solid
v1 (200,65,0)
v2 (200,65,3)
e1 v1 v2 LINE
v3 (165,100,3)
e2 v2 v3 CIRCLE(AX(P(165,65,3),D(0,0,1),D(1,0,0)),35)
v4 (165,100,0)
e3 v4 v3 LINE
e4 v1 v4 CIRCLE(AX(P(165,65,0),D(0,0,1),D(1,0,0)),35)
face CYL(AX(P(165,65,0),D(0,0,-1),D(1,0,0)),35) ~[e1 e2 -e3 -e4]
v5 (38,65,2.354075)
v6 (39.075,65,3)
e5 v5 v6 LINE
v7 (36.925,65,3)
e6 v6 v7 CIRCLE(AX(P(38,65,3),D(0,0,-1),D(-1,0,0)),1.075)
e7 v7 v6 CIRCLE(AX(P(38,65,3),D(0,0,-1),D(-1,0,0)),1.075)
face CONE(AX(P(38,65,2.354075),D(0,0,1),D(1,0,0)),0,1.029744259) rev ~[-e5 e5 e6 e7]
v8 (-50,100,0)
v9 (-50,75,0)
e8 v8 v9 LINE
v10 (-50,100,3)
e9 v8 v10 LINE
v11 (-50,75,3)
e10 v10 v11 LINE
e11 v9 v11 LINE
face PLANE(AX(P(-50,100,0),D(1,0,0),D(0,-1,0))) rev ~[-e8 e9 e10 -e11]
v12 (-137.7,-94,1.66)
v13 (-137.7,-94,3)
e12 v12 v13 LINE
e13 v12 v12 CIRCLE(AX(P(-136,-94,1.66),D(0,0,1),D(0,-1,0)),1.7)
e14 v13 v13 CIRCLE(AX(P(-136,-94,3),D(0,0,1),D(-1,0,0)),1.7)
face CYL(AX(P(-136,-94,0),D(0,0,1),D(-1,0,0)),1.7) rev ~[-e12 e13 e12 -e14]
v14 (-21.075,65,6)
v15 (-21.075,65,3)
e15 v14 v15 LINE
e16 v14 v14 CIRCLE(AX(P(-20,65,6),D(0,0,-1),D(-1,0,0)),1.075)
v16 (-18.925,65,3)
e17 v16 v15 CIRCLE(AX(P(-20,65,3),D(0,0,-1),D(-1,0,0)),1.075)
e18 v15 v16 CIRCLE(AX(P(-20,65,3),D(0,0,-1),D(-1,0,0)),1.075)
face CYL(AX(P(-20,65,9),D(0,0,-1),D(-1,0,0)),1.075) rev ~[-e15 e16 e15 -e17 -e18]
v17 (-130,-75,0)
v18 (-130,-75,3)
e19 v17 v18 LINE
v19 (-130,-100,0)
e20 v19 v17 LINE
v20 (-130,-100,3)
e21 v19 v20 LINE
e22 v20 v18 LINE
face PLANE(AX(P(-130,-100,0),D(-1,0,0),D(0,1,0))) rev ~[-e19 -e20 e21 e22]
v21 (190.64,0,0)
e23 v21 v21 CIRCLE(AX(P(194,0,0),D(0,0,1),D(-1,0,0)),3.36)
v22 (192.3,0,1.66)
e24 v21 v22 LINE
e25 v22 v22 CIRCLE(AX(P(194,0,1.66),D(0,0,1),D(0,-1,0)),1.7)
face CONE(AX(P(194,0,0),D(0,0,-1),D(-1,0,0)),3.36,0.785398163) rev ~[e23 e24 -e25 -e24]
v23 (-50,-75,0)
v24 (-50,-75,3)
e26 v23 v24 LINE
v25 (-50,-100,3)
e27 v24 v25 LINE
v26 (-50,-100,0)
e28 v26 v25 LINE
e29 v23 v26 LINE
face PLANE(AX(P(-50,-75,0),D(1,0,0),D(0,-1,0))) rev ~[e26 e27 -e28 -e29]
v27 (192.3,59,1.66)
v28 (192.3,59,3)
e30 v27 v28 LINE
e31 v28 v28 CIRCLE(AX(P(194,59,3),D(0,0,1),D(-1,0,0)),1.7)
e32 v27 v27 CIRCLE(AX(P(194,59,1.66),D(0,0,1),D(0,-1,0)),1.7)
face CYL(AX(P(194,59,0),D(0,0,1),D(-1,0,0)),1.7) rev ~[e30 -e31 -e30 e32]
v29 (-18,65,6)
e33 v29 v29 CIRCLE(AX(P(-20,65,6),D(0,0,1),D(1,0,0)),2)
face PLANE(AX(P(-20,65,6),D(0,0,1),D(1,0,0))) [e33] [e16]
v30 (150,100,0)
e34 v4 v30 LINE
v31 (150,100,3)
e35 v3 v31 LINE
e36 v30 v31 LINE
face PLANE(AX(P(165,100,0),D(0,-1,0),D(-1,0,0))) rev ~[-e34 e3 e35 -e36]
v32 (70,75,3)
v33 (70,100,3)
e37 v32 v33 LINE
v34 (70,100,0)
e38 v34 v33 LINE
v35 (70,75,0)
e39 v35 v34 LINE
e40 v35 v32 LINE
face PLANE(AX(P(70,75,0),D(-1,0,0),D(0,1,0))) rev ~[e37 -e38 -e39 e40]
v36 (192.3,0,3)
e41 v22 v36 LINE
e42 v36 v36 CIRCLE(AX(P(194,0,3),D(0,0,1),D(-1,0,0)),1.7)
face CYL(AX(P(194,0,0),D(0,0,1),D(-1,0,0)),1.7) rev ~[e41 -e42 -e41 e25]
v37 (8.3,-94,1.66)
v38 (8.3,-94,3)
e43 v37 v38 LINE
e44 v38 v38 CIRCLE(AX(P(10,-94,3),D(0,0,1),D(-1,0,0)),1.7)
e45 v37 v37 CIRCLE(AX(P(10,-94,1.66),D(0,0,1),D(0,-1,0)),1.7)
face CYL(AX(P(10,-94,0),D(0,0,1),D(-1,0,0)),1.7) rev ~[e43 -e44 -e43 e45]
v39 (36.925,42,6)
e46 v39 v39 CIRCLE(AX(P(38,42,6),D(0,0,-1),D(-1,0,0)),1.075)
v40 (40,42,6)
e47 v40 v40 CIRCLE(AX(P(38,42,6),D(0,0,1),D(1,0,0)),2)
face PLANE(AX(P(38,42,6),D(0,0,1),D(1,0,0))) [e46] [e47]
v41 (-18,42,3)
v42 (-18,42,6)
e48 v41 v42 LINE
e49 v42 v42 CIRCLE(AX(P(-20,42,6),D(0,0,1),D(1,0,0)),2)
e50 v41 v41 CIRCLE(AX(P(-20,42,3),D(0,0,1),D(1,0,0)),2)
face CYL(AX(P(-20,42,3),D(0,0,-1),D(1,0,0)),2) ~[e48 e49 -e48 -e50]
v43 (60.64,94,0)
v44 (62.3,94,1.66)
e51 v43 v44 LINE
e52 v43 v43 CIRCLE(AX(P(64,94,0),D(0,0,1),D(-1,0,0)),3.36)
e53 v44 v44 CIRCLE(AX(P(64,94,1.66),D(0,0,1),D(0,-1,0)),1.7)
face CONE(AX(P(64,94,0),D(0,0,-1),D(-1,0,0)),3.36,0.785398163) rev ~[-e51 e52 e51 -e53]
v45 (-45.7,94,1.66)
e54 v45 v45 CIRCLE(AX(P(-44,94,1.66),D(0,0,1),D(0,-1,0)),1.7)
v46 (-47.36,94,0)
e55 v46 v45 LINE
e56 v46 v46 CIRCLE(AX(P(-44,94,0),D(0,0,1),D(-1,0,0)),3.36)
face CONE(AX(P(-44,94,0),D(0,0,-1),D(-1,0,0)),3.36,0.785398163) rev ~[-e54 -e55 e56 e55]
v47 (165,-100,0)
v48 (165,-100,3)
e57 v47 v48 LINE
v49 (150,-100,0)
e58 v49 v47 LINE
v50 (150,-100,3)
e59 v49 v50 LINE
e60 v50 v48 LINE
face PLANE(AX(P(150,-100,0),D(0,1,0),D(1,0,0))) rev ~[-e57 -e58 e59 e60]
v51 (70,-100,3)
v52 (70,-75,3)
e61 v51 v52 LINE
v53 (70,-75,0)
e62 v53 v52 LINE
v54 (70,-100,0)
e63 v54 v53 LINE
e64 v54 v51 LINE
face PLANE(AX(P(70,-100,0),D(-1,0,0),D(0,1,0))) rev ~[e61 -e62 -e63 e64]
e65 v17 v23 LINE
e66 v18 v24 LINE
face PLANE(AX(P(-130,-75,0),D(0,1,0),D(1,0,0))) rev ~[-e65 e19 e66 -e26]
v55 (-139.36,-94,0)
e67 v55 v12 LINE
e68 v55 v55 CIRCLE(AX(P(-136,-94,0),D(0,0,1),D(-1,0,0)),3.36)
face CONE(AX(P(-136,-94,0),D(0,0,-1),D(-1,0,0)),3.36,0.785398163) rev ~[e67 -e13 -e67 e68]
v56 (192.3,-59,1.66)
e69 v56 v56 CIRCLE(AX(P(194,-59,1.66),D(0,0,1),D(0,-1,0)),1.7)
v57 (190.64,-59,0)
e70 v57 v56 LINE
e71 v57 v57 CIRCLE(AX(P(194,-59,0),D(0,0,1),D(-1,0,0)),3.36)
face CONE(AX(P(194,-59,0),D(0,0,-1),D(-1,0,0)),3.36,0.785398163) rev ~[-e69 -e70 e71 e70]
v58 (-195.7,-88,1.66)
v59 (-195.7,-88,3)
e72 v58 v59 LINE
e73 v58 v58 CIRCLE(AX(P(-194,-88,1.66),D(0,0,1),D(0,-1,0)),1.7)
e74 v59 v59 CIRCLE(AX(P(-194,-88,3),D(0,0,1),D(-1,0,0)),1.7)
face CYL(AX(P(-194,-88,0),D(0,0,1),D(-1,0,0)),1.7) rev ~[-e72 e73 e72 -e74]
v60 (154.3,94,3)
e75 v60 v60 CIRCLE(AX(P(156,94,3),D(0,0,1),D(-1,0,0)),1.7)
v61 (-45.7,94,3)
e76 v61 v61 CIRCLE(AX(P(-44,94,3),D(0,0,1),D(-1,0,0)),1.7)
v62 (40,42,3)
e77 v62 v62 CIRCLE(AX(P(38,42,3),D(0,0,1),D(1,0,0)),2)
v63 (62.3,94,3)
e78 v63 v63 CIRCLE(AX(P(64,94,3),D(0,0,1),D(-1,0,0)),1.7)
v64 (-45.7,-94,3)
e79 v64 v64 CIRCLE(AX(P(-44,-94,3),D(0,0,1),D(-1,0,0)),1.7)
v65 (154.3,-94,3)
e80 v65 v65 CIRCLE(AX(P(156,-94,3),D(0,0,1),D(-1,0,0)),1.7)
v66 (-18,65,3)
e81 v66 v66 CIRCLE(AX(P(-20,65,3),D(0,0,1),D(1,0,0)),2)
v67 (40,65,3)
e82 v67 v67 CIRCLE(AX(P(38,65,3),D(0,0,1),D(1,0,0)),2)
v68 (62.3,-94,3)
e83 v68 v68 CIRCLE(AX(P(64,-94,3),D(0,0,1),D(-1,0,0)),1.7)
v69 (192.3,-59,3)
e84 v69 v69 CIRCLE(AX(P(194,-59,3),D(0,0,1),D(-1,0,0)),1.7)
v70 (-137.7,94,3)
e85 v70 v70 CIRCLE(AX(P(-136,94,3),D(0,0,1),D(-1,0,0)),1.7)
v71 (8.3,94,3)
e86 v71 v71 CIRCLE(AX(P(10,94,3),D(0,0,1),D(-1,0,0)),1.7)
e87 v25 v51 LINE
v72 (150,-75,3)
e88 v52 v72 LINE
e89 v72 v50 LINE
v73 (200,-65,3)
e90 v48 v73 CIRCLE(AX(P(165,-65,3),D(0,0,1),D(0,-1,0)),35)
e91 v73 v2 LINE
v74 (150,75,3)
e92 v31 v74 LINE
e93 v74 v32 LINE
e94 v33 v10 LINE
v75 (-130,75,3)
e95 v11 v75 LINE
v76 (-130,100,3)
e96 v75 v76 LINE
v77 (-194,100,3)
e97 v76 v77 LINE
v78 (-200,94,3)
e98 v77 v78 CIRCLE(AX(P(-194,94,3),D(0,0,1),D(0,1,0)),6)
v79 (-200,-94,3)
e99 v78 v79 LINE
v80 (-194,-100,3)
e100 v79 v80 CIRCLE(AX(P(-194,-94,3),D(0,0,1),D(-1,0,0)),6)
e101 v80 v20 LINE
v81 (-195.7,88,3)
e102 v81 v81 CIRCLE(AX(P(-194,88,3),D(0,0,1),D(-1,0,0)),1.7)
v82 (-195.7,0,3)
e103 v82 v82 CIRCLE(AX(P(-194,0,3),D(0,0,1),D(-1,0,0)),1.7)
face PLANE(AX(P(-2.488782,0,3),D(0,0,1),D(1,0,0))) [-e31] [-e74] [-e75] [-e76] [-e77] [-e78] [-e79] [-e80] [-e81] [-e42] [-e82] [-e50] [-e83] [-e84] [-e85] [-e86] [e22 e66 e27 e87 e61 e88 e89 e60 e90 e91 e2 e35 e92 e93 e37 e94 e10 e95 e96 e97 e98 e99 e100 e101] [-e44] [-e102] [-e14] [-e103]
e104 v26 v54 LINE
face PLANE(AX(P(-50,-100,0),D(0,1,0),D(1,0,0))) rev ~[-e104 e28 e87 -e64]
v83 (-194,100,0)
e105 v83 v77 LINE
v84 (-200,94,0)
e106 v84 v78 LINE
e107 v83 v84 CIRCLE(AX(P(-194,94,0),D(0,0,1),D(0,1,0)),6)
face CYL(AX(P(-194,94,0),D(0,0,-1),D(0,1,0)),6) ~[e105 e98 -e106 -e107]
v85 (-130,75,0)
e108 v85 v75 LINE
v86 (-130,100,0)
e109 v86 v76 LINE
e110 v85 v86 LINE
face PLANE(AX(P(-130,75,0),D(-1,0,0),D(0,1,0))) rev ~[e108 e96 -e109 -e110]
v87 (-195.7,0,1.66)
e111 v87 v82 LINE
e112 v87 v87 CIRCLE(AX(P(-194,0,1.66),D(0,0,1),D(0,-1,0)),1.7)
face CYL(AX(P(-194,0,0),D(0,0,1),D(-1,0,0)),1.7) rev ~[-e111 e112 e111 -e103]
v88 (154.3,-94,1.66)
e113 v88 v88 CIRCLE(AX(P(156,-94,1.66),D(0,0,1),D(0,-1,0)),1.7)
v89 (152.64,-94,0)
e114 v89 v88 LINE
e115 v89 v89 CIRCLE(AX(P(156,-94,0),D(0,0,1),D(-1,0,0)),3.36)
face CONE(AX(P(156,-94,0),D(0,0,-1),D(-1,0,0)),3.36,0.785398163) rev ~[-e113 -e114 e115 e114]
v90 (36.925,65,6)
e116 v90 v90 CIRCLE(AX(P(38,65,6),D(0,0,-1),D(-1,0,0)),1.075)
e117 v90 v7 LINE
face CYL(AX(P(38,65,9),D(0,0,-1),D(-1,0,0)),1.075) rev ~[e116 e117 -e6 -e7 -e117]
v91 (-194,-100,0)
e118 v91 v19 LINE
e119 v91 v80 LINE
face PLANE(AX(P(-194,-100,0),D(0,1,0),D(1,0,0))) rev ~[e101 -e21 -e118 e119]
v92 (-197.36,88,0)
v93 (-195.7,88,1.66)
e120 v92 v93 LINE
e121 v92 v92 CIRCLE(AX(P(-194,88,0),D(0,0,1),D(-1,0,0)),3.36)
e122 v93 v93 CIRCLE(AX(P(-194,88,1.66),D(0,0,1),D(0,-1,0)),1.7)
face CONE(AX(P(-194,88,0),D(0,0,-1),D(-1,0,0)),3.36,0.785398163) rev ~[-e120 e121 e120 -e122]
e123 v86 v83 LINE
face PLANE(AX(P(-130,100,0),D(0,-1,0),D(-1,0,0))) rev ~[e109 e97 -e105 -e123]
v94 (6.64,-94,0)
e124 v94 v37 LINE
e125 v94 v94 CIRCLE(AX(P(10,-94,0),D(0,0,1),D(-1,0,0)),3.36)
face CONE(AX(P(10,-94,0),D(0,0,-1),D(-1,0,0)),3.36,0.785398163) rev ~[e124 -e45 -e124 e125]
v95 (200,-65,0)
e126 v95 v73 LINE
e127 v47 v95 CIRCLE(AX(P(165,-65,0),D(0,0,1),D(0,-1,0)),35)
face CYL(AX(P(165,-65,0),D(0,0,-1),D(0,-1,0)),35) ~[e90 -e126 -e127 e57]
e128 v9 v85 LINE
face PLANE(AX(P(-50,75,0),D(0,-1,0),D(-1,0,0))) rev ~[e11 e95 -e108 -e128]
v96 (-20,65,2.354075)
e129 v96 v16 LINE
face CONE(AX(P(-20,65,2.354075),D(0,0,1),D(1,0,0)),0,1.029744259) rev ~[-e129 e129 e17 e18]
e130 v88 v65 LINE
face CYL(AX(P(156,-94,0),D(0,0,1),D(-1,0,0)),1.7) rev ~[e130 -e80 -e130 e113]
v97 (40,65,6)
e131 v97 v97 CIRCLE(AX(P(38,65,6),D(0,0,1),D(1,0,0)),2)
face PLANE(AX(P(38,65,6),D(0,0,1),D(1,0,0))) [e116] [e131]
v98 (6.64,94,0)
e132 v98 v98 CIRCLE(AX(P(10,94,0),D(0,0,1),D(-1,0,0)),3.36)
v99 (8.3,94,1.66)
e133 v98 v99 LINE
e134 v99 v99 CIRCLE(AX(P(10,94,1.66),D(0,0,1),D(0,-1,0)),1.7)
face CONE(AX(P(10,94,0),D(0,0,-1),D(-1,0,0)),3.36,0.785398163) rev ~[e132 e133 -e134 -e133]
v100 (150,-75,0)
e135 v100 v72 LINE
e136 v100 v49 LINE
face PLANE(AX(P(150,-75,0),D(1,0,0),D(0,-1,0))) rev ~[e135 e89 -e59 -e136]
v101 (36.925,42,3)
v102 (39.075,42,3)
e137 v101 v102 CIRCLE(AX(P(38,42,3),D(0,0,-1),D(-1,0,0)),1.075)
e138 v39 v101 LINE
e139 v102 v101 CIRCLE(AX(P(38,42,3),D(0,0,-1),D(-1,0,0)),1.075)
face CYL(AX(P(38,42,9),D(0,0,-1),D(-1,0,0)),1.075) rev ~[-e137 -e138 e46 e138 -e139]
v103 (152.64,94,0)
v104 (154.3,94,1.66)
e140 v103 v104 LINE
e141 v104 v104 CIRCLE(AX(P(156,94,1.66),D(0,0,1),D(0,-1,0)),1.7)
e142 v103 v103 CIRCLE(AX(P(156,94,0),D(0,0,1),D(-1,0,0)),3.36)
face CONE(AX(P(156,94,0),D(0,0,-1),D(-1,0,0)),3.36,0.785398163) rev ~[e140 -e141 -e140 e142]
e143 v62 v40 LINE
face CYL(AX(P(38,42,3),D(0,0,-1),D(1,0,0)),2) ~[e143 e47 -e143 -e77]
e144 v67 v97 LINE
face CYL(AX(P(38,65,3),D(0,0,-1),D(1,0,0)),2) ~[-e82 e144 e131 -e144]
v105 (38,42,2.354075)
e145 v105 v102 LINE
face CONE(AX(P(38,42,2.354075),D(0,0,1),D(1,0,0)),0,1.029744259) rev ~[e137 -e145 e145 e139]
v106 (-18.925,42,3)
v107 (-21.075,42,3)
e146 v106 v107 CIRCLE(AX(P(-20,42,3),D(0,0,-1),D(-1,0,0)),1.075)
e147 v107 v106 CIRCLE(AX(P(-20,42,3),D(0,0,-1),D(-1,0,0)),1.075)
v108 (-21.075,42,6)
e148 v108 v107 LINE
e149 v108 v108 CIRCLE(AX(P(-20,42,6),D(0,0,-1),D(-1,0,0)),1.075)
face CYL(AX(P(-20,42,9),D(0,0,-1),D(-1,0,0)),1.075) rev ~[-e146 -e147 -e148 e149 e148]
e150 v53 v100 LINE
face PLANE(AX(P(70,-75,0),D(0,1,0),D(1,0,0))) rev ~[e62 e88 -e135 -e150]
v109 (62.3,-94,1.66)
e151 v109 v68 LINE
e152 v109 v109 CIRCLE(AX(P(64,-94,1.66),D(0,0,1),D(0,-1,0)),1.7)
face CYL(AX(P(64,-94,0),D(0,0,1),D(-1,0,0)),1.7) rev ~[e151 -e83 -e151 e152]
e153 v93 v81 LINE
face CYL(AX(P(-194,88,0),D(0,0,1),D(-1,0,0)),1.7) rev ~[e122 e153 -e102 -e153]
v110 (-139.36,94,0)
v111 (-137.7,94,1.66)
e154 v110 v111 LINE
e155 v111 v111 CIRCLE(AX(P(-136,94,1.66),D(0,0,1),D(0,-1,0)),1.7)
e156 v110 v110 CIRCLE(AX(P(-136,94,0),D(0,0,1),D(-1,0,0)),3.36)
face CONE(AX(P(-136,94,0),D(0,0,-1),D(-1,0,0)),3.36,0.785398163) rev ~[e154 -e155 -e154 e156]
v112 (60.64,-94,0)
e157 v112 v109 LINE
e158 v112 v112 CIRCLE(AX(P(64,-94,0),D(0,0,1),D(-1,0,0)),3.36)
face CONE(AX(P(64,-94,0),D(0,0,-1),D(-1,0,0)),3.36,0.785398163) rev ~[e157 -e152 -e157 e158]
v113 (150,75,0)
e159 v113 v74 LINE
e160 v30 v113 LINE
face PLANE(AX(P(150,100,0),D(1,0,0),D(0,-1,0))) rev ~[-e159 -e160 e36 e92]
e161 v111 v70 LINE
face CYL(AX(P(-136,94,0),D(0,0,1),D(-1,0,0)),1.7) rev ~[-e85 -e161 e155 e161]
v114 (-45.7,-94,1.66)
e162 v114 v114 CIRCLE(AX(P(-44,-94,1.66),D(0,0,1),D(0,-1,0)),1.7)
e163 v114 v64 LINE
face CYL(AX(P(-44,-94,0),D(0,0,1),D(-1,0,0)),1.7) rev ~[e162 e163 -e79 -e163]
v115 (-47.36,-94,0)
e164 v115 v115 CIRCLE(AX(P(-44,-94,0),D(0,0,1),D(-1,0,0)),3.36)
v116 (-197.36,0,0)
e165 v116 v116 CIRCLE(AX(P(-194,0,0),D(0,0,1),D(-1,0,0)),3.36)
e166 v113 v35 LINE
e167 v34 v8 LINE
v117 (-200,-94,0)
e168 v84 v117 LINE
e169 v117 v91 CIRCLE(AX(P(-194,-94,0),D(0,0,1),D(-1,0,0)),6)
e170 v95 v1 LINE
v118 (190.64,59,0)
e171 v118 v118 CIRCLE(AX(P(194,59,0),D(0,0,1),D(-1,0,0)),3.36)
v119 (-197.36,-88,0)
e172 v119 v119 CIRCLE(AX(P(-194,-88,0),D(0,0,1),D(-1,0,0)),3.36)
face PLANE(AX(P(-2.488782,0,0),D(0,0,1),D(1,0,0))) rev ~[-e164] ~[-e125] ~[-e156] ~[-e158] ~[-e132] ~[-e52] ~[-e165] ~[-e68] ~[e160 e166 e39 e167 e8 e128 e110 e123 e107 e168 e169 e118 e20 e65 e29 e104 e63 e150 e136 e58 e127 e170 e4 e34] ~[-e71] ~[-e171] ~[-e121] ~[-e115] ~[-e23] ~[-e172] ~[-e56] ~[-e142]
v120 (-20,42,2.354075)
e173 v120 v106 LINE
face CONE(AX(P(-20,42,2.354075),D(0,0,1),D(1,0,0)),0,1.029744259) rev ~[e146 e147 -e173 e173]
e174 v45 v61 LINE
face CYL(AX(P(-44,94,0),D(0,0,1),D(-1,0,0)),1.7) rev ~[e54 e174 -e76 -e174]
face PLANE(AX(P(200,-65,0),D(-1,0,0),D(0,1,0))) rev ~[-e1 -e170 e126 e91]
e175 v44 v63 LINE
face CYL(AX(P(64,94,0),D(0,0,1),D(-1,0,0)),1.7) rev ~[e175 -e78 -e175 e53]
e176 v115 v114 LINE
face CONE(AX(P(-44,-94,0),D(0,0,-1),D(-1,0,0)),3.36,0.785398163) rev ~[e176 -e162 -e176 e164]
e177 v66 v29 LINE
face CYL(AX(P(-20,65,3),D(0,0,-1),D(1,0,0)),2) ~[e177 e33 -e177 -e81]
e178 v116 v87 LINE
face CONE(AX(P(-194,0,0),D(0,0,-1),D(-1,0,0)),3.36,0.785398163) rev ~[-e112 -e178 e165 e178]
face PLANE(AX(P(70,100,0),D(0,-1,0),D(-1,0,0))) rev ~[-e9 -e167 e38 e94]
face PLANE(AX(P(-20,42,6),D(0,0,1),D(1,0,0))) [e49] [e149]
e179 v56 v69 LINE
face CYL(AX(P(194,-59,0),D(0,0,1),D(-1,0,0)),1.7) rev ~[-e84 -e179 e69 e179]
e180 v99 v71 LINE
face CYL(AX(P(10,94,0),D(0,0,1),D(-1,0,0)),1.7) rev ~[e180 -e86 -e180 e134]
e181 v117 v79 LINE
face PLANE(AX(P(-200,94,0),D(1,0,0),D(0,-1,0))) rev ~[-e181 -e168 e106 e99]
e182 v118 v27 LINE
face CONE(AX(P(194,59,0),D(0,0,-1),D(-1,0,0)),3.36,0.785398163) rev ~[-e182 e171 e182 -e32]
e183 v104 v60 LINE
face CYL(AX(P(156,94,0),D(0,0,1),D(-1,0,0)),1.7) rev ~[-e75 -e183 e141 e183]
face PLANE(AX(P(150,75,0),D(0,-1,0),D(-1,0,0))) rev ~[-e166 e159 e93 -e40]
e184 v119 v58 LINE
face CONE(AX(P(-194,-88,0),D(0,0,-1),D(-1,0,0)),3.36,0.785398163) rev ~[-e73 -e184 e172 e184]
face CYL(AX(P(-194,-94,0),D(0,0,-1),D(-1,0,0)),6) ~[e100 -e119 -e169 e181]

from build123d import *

# Parameters (mm, degrees)
F1_DEPTH       = 3
F2_R           = 2
F3_DEPTH       = 3
F5_D           = 2.15
F5_DEPTH       = 3
F5_TIP         = 0.6459251655
F7_D           = 3.4
F7_CSINK_D     = 6.72
F7_CSINK_ANGLE = 90


with BuildPart() as f1:
    # F0 (on Top) → F1 (new body)
    with BuildSketch(Plane.XY):
        with BuildLine():
            Line((-130, 100), (-194, 100))
            ThreePointArc((-194, 100), (-198.2426406871, 98.2426406871), (-200, 94))
            Line((-200, 94), (-200, 0))
            Line((-200, 0), (-200, -94))
            ThreePointArc((-200, -94), (-198.2426406871, -98.2426406871), (-194, -100))
            Line((-194, -100), (-130, -100))
            Line((-130, -100), (-130, -75))
            Line((-130, -75), (-50, -75))
            Line((-50, -75), (-50, -100))
            Line((-50, -100), (70, -100))
            Line((70, -100), (70, -75))
            Line((70, -75), (150, -75))
            Line((150, -75), (150, -100))
            Line((150, -100), (165, -100))
            ThreePointArc((165, -100), (189.7487373415, -89.7487373415), (200, -65))
            Line((200, -65), (200, 0))
            Line((200, 0), (200, 65))
            ThreePointArc((200, 65), (189.7487373415, 89.7487373415), (165, 100))
            Line((165, 100), (150, 100))
            Line((150, 100), (150, 75))
            Line((150, 75), (70, 75))
            Line((70, 75), (70, 100))
            Line((70, 100), (-50, 100))
            Line((-50, 100), (-50, 75))
            Line((-50, 75), (-130, 75))
            Line((-130, 75), (-130, 100))
        make_face()
    extrude(amount=F1_DEPTH)

    # F2 (on face) → F3 (join)
    with BuildSketch(Plane.XY.offset(3)):
        with Locations((38, 42)):
            Circle(F2_R)
        with Locations((38, 65)):
            Circle(F2_R)
        with Locations((-20, 42)):
            Circle(F2_R)
        with Locations((-20, 65)):
            Circle(F2_R)
    extrude(amount=F3_DEPTH)

    # F5
    with Locations(Plane.XY.offset(6)):
        with Locations((-20, 42), (-20, 65), (38, 65), (38, 42)):
            Hole(F5_D / 2, depth=F5_DEPTH)
            with Locations((0, 0, -(F5_DEPTH + F5_TIP / 2))):  # 118° drill point
                Cone(0, F5_D / 2, F5_TIP, mode=Mode.SUBTRACT)

    # F7 (through all)
    with Locations(Plane(origin=(0, 0, 0), x_dir=(1, 0, 0), z_dir=(0, 0, -1))):
        with Locations((-136, -94), (-194, -88), (-194, 88), (-136, 94), (-44, 94), (10, 94), (64, 94), (156, 94), (194, 59), (194, 0), (194, -59), (156, -94), (64, -94), (10, -94), (-44, -94), (-194, 0)):
            CounterSinkHole(F7_D / 2, F7_CSINK_D / 2, counter_sink_angle=F7_CSINK_ANGLE)


solid = f1.part
